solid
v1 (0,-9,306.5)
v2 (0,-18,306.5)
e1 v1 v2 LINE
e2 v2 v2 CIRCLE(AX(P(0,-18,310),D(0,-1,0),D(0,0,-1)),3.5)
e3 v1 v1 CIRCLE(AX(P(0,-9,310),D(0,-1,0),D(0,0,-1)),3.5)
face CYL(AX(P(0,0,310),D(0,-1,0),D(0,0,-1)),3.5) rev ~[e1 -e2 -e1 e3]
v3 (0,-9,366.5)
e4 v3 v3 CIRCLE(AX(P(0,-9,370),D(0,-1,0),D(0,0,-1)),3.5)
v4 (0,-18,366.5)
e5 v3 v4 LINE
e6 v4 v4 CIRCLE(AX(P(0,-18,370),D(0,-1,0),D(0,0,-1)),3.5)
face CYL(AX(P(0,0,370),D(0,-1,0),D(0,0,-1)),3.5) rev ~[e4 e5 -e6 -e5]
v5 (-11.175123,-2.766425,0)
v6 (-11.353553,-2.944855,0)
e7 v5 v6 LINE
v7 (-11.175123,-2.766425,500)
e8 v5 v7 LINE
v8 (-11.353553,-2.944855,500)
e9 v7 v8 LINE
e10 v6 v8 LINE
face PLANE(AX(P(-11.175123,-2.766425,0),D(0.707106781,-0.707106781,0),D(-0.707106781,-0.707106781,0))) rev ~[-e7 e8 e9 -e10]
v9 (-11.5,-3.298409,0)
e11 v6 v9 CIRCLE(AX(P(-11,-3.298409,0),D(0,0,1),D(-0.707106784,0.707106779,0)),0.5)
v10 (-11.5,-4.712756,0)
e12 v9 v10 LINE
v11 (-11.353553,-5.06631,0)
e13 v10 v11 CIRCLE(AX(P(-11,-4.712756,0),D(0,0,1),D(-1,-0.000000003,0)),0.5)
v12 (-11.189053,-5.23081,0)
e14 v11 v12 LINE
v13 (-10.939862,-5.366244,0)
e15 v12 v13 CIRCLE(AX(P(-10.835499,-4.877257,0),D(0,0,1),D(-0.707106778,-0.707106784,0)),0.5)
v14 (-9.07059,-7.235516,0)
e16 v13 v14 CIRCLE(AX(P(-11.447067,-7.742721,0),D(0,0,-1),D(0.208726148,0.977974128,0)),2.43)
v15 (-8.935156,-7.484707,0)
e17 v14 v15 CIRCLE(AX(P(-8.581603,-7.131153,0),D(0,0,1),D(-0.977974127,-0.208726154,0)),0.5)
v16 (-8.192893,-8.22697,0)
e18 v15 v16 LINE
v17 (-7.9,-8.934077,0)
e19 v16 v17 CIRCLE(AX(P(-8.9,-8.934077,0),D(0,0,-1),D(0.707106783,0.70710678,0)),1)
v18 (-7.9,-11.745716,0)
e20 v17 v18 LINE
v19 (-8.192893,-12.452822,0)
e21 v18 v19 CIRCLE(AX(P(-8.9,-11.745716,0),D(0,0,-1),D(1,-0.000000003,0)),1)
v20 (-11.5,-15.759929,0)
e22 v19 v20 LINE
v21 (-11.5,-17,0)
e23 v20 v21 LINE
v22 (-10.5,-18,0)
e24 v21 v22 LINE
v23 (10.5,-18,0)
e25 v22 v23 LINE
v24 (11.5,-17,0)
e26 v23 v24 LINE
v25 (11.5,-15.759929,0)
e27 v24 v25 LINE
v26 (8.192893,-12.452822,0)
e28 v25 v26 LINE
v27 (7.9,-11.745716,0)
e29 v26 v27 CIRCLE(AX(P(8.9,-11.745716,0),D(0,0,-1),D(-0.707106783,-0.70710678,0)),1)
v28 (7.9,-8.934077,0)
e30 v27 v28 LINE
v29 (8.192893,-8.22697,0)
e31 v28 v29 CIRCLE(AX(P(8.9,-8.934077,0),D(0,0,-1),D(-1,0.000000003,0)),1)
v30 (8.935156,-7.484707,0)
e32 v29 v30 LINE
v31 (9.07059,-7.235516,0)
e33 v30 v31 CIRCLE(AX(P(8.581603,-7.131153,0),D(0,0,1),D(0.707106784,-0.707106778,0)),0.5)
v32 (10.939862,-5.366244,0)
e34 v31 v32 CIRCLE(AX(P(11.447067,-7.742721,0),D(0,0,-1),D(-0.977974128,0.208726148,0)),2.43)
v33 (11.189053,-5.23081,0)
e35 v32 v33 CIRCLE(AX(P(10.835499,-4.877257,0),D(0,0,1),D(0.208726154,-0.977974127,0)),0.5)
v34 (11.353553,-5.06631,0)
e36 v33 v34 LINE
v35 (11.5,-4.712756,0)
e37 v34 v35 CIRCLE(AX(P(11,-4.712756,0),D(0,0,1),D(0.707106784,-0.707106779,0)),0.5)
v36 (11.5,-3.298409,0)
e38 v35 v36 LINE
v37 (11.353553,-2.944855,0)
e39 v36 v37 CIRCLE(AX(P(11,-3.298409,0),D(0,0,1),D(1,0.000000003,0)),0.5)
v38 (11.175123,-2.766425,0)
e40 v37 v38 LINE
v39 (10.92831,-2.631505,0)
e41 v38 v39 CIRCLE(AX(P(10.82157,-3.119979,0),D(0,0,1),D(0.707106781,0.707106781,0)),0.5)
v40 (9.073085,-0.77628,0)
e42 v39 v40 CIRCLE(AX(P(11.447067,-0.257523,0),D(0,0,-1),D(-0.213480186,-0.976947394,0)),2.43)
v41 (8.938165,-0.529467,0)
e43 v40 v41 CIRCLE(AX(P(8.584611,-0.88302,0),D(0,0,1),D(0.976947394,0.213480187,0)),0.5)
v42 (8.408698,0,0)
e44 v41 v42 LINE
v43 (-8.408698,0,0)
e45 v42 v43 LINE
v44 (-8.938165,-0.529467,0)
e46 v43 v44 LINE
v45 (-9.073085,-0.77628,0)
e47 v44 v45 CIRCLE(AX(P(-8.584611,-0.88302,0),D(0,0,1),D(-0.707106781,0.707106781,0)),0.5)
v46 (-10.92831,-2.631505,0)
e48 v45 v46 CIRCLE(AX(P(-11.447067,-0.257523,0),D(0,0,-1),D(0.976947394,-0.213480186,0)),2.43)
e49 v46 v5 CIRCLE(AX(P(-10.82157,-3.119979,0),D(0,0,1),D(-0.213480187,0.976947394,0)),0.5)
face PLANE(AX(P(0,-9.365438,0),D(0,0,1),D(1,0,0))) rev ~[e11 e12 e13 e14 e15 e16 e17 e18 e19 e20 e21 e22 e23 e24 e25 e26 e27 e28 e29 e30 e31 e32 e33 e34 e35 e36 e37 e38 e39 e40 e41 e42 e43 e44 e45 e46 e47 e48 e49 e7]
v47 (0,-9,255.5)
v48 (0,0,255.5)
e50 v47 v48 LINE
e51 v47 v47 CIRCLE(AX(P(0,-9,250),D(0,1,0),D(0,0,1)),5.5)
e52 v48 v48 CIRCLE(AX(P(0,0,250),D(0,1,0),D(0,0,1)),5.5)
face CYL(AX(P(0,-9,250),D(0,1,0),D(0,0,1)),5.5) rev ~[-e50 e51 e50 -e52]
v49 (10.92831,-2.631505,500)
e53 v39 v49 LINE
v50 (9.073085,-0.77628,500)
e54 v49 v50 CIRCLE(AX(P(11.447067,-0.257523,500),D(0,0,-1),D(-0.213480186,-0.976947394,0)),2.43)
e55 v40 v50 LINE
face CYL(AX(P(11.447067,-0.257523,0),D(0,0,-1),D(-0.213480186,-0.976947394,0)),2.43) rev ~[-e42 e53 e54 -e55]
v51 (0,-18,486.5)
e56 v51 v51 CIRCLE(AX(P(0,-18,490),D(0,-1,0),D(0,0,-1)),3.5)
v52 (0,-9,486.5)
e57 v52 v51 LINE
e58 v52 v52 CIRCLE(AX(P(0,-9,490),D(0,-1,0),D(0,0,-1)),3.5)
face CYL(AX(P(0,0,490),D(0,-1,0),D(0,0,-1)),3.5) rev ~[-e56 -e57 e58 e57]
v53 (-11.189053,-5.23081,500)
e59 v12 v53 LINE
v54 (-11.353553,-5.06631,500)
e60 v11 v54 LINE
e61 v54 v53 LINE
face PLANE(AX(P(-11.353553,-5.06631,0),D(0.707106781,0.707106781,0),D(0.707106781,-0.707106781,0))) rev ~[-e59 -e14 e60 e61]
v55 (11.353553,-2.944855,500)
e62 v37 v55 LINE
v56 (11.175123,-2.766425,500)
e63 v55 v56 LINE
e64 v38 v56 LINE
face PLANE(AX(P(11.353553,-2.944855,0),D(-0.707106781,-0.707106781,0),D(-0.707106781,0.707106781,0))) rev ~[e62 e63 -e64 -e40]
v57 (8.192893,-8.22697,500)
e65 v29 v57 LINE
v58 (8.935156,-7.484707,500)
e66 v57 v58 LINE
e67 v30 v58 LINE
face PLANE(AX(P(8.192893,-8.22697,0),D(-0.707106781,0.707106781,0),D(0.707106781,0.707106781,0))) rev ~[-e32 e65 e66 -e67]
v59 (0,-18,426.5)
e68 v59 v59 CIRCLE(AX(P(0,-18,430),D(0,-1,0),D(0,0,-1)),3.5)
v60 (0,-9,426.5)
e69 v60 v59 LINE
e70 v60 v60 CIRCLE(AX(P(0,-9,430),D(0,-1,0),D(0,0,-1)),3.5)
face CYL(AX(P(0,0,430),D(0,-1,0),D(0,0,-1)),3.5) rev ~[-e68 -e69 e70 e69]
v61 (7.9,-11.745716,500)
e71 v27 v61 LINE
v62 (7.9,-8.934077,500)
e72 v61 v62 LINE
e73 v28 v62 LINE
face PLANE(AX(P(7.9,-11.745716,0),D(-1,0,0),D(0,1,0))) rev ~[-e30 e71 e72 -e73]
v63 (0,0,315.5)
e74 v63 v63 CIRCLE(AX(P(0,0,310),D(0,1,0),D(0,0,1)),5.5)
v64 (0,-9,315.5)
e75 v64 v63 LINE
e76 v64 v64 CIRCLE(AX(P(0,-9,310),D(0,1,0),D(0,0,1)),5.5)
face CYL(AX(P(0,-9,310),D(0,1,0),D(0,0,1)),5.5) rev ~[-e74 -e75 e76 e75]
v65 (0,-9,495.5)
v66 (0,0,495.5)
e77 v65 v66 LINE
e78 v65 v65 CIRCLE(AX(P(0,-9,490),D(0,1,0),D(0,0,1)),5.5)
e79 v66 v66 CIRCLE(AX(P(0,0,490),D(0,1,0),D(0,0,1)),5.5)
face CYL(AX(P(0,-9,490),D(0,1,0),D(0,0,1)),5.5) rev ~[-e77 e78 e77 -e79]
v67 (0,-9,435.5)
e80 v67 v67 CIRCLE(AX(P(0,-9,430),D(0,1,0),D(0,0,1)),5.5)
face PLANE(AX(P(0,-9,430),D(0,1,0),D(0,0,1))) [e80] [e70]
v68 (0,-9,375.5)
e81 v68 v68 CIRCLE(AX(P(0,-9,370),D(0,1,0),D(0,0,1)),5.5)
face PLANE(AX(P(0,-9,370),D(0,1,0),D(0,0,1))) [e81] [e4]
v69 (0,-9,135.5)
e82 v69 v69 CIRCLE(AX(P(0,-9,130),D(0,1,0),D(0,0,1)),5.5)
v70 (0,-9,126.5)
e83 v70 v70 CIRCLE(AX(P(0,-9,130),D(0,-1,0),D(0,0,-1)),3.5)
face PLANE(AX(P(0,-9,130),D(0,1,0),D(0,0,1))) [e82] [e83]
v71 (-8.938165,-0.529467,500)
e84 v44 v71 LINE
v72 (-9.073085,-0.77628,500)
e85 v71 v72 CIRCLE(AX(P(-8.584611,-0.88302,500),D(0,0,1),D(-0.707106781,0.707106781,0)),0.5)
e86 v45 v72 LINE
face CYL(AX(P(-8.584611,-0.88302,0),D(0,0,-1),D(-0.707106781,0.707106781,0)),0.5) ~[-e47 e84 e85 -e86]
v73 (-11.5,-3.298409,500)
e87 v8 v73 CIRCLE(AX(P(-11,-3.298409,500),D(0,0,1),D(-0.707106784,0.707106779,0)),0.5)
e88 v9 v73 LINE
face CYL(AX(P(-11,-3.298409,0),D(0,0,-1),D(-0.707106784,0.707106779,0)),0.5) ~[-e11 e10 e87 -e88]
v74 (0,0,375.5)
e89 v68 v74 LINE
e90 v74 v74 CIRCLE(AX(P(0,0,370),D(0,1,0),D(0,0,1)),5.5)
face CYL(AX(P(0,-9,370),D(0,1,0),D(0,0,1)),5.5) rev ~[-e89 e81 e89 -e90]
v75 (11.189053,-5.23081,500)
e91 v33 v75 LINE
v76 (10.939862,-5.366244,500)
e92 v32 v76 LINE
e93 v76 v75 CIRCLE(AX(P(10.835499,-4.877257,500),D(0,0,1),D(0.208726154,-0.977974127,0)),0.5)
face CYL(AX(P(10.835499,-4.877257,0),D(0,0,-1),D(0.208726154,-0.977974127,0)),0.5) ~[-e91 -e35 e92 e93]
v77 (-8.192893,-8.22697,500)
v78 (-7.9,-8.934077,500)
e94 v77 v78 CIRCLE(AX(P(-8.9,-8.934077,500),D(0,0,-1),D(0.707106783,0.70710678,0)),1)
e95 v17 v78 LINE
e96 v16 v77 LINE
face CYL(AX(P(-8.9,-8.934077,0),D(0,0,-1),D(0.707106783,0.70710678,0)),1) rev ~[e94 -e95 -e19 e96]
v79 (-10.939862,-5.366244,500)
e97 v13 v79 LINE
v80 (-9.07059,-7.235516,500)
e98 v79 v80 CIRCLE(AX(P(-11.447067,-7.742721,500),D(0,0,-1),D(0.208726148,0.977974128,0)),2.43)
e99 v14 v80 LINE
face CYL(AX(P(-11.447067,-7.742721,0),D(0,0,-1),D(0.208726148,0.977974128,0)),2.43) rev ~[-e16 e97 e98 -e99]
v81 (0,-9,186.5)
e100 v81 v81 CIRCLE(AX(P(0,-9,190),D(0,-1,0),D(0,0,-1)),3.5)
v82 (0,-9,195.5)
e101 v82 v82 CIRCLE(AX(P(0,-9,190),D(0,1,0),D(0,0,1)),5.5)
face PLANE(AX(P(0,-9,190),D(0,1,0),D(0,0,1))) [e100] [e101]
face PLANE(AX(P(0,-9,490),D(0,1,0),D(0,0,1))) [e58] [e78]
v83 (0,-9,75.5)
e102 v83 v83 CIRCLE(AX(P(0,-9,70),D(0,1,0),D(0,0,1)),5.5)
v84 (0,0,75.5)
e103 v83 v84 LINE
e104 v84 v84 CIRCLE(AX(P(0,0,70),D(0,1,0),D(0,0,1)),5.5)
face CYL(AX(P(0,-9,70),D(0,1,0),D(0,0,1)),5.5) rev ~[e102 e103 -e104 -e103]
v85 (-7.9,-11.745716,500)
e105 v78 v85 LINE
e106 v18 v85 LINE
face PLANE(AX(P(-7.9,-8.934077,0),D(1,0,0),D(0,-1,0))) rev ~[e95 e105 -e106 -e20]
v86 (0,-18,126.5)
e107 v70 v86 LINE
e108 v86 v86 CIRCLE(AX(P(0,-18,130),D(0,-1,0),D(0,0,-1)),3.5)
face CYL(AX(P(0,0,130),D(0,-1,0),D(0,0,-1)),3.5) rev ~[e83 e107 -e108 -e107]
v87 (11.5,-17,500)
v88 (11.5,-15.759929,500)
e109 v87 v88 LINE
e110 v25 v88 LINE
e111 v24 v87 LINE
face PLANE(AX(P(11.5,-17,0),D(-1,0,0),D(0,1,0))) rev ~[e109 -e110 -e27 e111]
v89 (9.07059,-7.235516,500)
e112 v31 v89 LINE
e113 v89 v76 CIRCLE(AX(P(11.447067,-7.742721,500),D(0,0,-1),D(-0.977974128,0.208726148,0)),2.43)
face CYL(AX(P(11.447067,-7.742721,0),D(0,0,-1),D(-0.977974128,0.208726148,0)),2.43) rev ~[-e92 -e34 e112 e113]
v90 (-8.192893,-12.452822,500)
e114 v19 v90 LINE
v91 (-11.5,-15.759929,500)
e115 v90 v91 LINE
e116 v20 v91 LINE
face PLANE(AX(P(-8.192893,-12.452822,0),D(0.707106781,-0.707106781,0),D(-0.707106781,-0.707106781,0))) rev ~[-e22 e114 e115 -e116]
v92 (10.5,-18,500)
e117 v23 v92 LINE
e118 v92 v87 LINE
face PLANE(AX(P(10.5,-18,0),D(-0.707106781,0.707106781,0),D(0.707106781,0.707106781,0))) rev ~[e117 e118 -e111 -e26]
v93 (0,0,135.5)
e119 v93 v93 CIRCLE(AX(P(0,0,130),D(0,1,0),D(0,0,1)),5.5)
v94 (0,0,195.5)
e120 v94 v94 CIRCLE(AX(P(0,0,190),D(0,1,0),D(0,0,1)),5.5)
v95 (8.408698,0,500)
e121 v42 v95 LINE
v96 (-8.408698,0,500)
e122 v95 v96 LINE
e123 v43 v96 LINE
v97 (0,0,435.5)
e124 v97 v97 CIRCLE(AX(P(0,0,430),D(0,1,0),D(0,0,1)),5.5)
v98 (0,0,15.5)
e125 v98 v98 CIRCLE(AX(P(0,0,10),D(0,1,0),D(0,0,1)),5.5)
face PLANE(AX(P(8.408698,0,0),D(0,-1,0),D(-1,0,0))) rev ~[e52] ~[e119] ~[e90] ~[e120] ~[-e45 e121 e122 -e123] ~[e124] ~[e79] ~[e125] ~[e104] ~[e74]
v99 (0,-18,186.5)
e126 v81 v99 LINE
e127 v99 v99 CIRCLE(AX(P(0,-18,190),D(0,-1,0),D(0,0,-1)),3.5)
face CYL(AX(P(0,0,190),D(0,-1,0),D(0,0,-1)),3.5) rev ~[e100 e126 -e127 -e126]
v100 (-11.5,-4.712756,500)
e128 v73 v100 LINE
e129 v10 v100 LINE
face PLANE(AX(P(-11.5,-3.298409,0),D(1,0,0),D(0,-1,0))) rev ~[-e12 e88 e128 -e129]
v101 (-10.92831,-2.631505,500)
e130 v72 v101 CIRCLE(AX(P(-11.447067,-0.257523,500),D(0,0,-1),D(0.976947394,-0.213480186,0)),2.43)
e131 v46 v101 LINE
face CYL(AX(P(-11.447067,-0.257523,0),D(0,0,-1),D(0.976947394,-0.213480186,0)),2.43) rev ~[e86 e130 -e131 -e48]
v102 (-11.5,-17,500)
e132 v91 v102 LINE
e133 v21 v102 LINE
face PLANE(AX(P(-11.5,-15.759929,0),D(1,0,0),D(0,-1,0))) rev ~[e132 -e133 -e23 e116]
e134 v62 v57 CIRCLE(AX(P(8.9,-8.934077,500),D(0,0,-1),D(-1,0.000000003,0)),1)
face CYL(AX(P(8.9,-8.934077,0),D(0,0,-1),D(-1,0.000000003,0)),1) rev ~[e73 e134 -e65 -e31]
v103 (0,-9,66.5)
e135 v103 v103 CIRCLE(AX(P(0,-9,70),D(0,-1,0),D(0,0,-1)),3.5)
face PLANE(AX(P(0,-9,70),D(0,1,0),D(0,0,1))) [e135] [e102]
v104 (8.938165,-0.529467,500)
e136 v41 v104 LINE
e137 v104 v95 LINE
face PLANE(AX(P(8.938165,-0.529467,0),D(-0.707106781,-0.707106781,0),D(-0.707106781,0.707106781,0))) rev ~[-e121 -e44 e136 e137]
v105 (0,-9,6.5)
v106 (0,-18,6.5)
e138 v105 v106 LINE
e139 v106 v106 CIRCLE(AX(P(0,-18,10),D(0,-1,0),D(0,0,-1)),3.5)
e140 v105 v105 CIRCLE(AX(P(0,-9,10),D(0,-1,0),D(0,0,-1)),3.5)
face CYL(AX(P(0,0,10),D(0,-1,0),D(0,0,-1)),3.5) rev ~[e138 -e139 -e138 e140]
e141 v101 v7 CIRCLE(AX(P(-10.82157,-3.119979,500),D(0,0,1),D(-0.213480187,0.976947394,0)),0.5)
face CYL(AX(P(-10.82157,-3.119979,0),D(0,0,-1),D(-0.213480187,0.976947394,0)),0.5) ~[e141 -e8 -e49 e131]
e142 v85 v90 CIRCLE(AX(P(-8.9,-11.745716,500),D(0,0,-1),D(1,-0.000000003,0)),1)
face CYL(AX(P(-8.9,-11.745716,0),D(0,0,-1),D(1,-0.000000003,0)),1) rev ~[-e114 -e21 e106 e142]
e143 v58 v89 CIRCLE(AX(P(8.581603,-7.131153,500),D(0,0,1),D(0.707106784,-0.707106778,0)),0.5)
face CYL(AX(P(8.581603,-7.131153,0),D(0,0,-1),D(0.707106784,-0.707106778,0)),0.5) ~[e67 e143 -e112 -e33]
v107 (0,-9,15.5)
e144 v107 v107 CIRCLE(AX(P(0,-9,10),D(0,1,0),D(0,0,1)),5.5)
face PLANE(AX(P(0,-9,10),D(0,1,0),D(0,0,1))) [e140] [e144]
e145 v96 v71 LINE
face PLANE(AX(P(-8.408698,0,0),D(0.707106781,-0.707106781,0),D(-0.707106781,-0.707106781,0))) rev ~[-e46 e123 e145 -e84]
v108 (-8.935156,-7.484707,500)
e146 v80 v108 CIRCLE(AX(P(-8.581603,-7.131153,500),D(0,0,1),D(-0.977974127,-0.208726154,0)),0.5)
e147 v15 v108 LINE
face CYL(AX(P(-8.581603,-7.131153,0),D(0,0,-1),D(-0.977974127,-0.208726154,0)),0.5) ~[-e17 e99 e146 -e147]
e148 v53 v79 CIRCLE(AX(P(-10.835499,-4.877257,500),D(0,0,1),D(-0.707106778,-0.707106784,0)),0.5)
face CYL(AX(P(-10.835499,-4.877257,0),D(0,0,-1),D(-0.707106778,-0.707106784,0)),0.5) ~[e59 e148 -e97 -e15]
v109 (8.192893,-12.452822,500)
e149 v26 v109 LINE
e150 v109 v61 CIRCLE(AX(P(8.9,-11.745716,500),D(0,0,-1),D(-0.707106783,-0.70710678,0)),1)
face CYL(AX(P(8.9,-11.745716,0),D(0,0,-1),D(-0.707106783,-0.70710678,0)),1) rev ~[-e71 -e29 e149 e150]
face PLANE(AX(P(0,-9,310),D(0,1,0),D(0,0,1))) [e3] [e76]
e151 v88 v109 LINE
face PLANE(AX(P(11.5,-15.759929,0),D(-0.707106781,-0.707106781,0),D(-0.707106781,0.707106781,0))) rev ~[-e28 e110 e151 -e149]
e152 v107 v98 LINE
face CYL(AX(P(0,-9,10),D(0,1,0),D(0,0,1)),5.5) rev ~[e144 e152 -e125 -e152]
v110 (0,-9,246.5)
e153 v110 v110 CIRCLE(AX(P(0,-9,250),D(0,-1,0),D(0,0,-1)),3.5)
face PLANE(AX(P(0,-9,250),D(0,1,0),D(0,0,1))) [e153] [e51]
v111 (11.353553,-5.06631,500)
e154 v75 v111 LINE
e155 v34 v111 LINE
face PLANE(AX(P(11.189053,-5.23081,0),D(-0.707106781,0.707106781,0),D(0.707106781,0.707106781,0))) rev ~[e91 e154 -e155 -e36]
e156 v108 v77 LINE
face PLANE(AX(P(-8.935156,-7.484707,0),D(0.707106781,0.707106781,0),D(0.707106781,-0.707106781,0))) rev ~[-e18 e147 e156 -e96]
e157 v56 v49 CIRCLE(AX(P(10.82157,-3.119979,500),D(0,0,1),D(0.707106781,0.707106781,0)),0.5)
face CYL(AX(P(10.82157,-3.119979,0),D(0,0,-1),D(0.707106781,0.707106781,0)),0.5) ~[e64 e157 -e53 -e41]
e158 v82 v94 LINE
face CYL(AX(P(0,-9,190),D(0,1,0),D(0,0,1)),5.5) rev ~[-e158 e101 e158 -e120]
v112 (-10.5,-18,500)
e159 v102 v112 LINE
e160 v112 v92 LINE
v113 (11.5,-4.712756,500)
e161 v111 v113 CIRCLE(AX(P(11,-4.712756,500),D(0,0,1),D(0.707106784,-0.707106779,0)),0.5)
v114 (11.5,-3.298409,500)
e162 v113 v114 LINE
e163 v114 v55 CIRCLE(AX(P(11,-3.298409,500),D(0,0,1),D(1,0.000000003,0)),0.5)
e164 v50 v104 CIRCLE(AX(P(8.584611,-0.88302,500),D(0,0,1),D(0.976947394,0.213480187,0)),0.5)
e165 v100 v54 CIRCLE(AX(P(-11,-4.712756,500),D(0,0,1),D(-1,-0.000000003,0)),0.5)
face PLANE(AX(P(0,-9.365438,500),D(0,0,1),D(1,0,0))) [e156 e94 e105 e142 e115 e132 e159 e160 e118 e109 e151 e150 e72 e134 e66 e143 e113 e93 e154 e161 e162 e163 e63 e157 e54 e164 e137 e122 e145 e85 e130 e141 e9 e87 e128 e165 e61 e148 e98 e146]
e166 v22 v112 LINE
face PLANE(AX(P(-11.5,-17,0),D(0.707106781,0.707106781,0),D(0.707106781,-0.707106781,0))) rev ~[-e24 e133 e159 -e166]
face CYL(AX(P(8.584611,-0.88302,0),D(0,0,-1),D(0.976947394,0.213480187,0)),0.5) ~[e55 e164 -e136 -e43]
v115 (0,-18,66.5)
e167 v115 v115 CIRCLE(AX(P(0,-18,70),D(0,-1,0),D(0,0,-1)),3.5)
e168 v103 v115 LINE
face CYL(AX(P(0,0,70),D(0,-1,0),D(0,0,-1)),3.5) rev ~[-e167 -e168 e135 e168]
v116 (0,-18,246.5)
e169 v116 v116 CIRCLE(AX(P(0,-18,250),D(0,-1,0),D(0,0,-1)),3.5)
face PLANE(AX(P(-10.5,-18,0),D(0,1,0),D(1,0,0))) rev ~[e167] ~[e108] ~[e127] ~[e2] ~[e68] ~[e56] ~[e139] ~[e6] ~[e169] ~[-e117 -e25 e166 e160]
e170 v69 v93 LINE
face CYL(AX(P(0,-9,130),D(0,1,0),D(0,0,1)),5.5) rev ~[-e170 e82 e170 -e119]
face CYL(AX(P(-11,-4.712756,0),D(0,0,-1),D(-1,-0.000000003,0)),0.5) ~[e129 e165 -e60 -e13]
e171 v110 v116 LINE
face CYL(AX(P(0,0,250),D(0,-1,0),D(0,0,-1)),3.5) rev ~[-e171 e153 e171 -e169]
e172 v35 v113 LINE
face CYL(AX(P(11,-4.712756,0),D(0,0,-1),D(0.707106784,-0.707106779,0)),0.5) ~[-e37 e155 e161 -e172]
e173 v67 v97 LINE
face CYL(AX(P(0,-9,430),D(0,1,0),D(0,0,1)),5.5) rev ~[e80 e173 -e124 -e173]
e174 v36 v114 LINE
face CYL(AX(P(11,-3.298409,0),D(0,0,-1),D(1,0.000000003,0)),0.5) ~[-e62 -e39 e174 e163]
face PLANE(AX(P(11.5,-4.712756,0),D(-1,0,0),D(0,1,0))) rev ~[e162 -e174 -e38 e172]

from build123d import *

# Parameters (mm, degrees)
BOSS_EXTRUDE1_DEPTH                                 = 500
CBORE_FOR_M6_HEX_SOCKET_HEAD_CAP_SCREW1_D           = 7
CBORE_FOR_M6_HEX_SOCKET_HEAD_CAP_SCREW1_CBORE_D     = 11
CBORE_FOR_M6_HEX_SOCKET_HEAD_CAP_SCREW1_CBORE_DEPTH = 9
LPATTERN1_COUNT                                     = 9
LPATTERN1_PITCH                                     = 60


with BuildPart() as part:
    # Sketch1 → Boss-Extrude1 (new body)
    with BuildSketch(Plane.XY):
        with BuildLine():
            Line((-8.192893219, -12.452822372), (-11.5, -15.759929153))
            Line((-11.5, -15.759929153), (-11.5, -17))
            Line((-11.5, -17), (-10.5, -18))
            Line((-10.5, -18), (10.5, -18))
            Line((10.5, -18), (11.5, -17))
            Line((11.5, -17), (11.5, -15.759929153))
            Line((11.5, -15.759929153), (8.192893219, -12.452822372))
            ThreePointArc((8.192893219, -12.452822372), (7.976120468, -12.128399023), (7.9, -11.745715591))
            Line((7.9, -11.745715591), (7.9, -8.934076562))
            ThreePointArc((7.9, -8.934076562), (7.976120468, -8.55139313), (8.192893219, -8.226969781))
            Line((8.192893219, -8.226969781), (8.93515621, -7.48470679))
            ThreePointArc((8.93515621, -7.48470679), (9.020912002, -7.369915712), (9.070589884, -7.235516473))
            ThreePointArc((9.070589884, -7.235516473), (9.728797536, -6.024451536), (10.939862473, -5.366243884))
            ThreePointArc((10.939862473, -5.366243884), (11.074261712, -5.316566002), (11.18905279, -5.23081021))
            Line((11.18905279, -5.23081021), (11.353553391, -5.066309609))
            ThreePointArc((11.353553391, -5.066309609), (11.461939766, -4.904097935), (11.5, -4.712756219))
            Line((11.5, -4.712756219), (11.5, -3.298408781))
            ThreePointArc((11.5, -3.298408781), (11.461939766, -3.107067065), (11.353553391, -2.944855391))
            Line((11.353553391, -2.944855391), (11.175123458, -2.766425458))
            ThreePointArc((11.175123458, -2.766425458), (11.061399997, -2.681251593), (10.928310161, -2.631505152))
            ThreePointArc((10.928310161, -2.631505152), (9.728797536, -1.975792464), (9.073084848, -0.776279839))
            ThreePointArc((9.073084848, -0.776279839), (9.023338407, -0.643190003), (8.938164542, -0.529466542))
            Line((8.938164542, -0.529466542), (8.408698, 0))
            Line((8.408698, 0), (-8.408698, 0))
            Line((-8.408698, 0), (-8.938164542, -0.529466542))
            ThreePointArc((-8.938164542, -0.529466542), (-9.023338407, -0.643190003), (-9.073084848, -0.776279839))
            ThreePointArc((-9.073084848, -0.776279839), (-9.728797536, -1.975792464), (-10.928310161, -2.631505152))
            ThreePointArc((-10.928310161, -2.631505152), (-11.061399997, -2.681251593), (-11.175123458, -2.766425458))
            Line((-11.175123458, -2.766425458), (-11.353553391, -2.944855391))
            ThreePointArc((-11.353553391, -2.944855391), (-11.461939766, -3.107067065), (-11.5, -3.298408781))
            Line((-11.5, -3.298408781), (-11.5, -4.712756219))
            ThreePointArc((-11.5, -4.712756219), (-11.461939766, -4.904097935), (-11.353553391, -5.066309609))
            Line((-11.353553391, -5.066309609), (-11.18905279, -5.23081021))
            ThreePointArc((-11.18905279, -5.23081021), (-11.074261712, -5.316566002), (-10.939862473, -5.366243884))
            ThreePointArc((-10.939862473, -5.366243884), (-9.728797536, -6.024451536), (-9.070589884, -7.235516473))
            ThreePointArc((-9.070589884, -7.235516473), (-9.020912002, -7.369915712), (-8.93515621, -7.48470679))
            Line((-8.93515621, -7.48470679), (-8.192893219, -8.226969781))
            ThreePointArc((-8.192893219, -8.226969781), (-7.976120468, -8.55139313), (-7.9, -8.934076562))
            Line((-7.9, -8.934076562), (-7.9, -11.745715591))
            ThreePointArc((-7.9, -11.745715591), (-7.976120468, -12.128399023), (-8.192893219, -12.452822372))
        make_face()
    extrude(amount=BOSS_EXTRUDE1_DEPTH)

    # CBORE for M6 Hex Socket Head Cap Screw1 (through all)
    with Locations(Plane(origin=(0, 0, 10), x_dir=(0, 0, 1), z_dir=(0, 1, 0))):
        with Locations((0, 0)):
            cbore_for_m6_hex_socket_head_cap_screw1 = CounterBoreHole(CBORE_FOR_M6_HEX_SOCKET_HEAD_CAP_SCREW1_D / 2, CBORE_FOR_M6_HEX_SOCKET_HEAD_CAP_SCREW1_CBORE_D / 2, CBORE_FOR_M6_HEX_SOCKET_HEAD_CAP_SCREW1_CBORE_DEPTH)

    # LPattern1: CBORE for M6 Hex Socket Head Cap Screw1 ×9
    with Locations(*[(0, 0, i * LPATTERN1_PITCH) for i in range(1, LPATTERN1_COUNT)]):
        add(cbore_for_m6_hex_socket_head_cap_screw1, mode=Mode.SUBTRACT)


solid = part.part
